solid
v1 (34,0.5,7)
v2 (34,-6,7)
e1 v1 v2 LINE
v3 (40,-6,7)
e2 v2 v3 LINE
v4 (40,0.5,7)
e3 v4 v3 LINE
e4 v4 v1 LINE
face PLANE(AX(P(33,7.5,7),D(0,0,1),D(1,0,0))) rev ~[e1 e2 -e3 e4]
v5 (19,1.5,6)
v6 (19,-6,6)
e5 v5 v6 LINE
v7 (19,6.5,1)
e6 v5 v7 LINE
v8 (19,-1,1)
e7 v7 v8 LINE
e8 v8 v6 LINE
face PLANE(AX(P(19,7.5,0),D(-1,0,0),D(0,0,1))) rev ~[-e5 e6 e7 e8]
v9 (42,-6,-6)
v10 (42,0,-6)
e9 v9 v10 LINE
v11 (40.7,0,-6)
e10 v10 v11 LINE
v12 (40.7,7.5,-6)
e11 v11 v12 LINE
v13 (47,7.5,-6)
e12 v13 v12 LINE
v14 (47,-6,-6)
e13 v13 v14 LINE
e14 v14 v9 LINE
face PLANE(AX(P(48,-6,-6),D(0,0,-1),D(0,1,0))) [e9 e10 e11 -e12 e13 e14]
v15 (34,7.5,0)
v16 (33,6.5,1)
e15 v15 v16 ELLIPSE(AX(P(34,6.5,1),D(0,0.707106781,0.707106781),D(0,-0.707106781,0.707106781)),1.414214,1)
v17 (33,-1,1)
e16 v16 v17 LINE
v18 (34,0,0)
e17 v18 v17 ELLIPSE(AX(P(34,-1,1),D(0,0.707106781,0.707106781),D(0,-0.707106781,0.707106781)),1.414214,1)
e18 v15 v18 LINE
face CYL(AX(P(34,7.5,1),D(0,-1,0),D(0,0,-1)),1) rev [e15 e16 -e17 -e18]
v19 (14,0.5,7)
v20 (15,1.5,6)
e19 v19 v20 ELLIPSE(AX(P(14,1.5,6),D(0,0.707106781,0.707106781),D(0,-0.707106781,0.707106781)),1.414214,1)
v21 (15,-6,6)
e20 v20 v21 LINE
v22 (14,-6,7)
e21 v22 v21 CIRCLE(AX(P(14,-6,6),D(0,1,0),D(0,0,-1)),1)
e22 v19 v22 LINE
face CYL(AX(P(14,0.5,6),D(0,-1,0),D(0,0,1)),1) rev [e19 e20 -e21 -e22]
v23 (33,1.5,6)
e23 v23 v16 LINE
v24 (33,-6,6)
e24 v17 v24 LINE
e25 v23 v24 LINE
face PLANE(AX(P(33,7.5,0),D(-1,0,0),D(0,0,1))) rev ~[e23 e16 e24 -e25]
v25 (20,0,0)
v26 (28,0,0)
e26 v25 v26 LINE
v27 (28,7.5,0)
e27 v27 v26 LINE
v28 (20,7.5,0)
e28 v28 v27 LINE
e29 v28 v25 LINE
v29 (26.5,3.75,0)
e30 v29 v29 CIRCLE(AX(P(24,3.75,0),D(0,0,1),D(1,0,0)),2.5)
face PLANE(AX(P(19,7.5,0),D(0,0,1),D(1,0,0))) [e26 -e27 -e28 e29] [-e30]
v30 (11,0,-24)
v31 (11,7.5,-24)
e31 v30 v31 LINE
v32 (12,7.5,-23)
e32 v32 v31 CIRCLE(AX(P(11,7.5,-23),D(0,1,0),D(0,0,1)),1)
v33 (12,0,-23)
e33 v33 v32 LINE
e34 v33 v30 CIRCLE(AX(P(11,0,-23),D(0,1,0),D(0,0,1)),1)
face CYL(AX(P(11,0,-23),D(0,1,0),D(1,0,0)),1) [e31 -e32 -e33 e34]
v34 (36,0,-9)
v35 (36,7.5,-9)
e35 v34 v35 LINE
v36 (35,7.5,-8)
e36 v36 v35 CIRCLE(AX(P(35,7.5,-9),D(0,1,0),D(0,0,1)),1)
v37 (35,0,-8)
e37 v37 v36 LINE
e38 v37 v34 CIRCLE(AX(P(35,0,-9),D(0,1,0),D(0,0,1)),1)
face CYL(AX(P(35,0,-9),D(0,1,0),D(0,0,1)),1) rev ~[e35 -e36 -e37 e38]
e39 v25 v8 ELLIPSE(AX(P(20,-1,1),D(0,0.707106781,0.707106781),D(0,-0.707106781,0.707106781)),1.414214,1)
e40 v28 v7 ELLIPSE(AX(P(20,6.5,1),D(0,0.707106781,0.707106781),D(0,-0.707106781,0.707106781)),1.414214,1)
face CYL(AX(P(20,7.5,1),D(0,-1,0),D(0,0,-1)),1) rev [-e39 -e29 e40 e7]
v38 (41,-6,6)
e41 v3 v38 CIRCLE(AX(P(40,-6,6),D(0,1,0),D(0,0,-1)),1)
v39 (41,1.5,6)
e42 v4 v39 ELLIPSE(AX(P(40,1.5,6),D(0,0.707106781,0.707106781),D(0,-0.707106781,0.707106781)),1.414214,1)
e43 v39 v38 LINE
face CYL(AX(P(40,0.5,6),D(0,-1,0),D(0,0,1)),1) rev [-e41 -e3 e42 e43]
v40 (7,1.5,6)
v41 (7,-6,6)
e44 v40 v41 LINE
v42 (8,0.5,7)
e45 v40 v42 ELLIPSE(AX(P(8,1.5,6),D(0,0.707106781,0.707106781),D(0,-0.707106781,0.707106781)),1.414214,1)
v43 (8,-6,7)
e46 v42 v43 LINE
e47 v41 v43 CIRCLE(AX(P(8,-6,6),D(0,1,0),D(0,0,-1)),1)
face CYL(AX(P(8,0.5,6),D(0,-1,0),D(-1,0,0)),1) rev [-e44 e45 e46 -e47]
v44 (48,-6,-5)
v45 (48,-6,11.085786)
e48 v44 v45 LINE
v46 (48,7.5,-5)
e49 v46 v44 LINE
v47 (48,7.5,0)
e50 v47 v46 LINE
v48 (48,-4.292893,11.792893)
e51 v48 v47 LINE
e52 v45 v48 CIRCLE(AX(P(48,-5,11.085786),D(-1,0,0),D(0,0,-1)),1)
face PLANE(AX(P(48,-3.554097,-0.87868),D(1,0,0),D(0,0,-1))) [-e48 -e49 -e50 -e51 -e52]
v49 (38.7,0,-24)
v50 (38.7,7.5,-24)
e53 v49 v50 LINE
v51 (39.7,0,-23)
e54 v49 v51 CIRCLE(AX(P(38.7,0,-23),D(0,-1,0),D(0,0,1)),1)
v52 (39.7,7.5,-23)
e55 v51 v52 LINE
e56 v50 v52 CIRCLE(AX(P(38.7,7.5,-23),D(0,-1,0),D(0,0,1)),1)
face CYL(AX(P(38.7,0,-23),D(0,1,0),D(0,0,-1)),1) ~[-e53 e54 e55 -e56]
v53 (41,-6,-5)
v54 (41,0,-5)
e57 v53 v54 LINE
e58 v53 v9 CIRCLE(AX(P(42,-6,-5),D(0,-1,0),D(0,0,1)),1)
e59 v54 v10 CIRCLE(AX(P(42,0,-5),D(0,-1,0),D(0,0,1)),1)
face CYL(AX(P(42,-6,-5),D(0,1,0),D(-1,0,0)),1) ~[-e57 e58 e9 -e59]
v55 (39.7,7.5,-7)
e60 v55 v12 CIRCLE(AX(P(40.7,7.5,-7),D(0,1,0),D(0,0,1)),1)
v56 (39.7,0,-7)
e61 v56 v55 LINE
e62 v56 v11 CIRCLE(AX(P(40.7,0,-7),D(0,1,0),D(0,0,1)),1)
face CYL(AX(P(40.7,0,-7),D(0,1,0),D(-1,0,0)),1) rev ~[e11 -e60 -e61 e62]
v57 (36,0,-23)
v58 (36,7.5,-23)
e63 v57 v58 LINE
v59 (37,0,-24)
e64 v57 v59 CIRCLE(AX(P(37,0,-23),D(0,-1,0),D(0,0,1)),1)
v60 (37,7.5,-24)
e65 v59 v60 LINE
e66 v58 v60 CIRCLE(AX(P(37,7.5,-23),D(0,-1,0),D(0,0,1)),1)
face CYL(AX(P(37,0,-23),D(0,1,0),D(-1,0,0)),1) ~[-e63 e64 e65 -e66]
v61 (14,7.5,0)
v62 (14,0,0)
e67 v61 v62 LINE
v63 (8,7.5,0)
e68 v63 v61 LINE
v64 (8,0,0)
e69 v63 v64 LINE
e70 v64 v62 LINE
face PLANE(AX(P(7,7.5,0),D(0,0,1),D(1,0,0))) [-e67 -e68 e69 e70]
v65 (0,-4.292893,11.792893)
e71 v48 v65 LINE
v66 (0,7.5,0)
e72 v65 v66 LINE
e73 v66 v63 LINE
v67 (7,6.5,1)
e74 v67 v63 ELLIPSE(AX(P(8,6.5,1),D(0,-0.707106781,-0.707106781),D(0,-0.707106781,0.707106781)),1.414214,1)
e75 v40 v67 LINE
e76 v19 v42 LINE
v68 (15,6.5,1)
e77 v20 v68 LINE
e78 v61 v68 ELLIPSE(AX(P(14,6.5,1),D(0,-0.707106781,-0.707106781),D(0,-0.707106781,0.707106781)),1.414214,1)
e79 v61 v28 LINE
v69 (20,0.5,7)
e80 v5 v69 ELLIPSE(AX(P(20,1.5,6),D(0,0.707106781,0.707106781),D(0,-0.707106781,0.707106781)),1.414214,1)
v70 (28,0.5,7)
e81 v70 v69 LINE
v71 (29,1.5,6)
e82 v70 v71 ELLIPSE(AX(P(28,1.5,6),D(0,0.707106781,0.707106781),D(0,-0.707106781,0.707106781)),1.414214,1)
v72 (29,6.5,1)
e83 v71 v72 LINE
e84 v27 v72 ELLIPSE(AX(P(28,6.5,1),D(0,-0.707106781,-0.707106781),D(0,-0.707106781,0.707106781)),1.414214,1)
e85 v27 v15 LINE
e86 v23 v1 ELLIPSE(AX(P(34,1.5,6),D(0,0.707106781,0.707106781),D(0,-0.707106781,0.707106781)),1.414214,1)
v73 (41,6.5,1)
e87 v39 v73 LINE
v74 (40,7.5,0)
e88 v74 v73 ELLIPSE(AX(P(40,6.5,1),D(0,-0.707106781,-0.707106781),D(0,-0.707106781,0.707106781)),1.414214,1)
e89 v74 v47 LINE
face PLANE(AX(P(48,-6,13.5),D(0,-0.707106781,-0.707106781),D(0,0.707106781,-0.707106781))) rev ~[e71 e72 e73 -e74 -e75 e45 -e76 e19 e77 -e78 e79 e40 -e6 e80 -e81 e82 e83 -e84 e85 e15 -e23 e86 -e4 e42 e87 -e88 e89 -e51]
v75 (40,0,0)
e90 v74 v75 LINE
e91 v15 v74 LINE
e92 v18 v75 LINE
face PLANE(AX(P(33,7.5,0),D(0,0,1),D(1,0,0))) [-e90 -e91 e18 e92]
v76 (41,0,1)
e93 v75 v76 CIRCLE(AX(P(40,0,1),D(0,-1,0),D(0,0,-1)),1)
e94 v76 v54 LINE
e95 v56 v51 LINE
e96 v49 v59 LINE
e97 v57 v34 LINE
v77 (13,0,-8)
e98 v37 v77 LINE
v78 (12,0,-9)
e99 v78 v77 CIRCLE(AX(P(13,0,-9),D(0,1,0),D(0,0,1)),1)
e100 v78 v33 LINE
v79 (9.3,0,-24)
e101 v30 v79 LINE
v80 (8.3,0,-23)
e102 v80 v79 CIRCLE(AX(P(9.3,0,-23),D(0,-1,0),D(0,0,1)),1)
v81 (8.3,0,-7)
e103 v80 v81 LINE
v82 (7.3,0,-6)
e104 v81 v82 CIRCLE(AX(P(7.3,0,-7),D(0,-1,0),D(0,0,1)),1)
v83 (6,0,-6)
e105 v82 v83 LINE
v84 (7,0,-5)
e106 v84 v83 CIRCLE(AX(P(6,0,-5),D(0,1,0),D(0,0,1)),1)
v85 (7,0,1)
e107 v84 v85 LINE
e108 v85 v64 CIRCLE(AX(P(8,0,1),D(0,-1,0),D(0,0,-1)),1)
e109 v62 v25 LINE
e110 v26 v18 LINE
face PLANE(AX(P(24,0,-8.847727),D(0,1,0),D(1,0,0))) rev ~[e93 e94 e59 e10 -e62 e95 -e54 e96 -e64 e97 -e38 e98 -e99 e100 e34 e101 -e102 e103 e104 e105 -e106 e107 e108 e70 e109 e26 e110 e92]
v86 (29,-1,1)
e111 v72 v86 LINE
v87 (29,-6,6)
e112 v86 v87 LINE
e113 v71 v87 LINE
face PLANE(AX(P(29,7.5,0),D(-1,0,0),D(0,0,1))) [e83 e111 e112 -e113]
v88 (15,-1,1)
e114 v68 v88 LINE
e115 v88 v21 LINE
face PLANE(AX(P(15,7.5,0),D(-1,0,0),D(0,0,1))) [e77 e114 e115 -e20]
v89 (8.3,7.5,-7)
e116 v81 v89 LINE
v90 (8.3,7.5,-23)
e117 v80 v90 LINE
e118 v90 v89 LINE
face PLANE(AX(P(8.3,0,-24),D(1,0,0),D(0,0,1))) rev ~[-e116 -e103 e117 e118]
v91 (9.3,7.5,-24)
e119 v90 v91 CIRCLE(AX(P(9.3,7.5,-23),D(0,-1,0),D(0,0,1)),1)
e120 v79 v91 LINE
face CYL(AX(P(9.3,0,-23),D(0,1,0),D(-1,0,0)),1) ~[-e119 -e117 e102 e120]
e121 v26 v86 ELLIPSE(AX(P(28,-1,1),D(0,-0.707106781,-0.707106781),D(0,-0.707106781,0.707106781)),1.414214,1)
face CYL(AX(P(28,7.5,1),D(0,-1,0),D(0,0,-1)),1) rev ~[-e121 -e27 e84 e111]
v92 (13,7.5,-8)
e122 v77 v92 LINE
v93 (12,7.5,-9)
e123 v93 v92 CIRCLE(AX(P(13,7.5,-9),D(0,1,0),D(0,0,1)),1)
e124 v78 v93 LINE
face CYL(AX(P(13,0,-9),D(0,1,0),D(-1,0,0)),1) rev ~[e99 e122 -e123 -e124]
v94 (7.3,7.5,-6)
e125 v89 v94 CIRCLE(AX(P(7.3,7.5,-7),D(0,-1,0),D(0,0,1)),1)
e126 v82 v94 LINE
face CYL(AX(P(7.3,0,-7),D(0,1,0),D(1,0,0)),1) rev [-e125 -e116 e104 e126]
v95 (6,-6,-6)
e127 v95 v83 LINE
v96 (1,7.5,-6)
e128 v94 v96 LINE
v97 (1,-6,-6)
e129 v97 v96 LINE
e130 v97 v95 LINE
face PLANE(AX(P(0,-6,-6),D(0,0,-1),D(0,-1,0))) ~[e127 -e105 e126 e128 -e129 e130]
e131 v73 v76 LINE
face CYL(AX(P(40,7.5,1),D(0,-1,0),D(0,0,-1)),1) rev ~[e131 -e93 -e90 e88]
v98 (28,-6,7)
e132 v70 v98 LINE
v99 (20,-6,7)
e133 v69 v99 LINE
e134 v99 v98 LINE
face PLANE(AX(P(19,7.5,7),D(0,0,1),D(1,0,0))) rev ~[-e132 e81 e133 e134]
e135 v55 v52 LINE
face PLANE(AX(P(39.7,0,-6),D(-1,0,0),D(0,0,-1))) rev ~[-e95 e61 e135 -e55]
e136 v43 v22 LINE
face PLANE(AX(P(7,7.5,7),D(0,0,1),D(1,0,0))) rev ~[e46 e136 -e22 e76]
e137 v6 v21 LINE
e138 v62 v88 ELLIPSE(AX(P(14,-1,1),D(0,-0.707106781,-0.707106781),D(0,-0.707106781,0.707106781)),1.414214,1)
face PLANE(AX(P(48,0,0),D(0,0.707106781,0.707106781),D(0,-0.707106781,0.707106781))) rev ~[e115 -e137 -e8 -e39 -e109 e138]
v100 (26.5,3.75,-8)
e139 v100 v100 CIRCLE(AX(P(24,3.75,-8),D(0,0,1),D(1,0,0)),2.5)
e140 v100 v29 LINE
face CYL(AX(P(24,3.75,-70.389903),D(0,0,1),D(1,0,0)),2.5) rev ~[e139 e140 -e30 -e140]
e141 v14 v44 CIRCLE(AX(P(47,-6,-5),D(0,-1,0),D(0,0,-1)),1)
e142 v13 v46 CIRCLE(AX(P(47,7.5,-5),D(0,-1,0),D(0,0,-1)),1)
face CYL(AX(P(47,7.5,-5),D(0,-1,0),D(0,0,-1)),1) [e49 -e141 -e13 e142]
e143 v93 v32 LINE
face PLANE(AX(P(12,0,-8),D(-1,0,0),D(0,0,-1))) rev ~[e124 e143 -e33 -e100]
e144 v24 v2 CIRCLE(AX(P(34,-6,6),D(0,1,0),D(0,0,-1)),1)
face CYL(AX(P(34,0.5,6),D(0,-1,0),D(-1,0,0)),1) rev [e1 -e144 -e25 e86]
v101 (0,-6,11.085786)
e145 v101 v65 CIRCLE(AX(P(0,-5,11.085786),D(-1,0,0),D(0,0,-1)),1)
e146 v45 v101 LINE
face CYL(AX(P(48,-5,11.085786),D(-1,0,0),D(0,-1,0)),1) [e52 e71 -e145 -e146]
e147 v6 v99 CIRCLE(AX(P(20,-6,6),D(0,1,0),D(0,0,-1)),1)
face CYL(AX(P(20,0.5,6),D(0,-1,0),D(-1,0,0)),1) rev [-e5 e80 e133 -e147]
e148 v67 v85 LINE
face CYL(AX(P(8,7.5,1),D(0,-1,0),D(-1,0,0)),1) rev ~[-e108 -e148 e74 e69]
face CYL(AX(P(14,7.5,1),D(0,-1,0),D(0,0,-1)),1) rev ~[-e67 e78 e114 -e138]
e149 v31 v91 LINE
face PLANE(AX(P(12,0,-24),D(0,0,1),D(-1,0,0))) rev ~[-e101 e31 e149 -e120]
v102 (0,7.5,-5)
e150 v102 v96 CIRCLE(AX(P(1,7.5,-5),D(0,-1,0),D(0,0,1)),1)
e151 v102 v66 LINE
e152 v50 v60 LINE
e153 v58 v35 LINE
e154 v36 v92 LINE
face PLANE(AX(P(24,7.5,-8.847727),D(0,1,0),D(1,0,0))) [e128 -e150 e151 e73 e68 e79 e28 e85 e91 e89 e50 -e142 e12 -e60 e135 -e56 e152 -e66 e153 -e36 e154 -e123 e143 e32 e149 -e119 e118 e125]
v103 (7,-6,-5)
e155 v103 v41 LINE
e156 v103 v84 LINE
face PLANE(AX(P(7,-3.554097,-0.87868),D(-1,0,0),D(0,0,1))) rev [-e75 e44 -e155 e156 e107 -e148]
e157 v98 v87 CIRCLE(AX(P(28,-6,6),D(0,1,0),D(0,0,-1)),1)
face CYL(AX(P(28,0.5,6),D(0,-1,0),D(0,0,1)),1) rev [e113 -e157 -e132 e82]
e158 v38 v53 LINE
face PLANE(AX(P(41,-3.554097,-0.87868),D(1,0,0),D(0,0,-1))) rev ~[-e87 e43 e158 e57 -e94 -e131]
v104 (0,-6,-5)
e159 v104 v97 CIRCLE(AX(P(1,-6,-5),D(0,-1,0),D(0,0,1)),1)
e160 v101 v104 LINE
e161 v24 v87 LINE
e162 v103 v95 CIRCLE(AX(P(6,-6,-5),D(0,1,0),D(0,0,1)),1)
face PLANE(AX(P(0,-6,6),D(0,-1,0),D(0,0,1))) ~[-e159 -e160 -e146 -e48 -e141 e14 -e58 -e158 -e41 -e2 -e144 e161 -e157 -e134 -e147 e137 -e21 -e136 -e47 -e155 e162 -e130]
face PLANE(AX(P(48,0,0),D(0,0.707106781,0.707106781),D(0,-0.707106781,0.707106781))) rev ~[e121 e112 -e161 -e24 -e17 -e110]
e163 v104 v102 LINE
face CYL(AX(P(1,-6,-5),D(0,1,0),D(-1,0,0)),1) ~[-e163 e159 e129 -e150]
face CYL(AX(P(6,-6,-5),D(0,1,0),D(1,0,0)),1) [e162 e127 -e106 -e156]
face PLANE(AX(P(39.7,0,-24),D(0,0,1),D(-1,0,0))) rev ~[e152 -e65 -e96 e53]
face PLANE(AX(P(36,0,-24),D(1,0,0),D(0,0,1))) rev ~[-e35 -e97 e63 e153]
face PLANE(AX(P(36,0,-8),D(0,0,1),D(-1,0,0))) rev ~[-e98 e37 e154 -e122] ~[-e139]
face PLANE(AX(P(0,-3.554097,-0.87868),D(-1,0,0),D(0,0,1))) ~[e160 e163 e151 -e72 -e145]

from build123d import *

# Parameters (mm, degrees)
BOSS_EXTRUDE2_DEPTH   = 7.5
BOSS_EXTRUDE3_DEPTH   = 48
BOSS_EXTRUDE4_DEPTH   = 7
CUT_EXTRUDE2_START    = -13.5
SKETCH4_W             = 8
SKETCH4_H             = 7
SKETCH4_W_2           = 10
CUT_EXTRUDE2_DEPTH    = 13.5
M6X1_0_TAPPED_HOLE4_D = 5
FILLET1_R             = 1


with BuildPart() as part:
    # Sketch1 → Boss-Extrude2 (new body)
    with BuildSketch(Plane(origin=(0, 0, 0), x_dir=(1, 0, 0), z_dir=(0, 1, 0))):
        Polygon((12, 24), (8.3, 24), (8.3, 6), (0, 6), (0, 0), (48, 0), (48, 6), (39.7, 6), (39.7, 24), (36, 24), (36, 8), (12, 8), align=None)
    extrude(amount=BOSS_EXTRUDE2_DEPTH)

    # Sketch3 → Boss-Extrude3 (add)
    with BuildSketch(Plane(origin=(48, 0, 0), x_dir=(0, 0, -1), z_dir=(1, 0, 0))):
        Polygon((0, 0), (-6, -6), (-13.5, -6), (0, 7.5), align=None)
    extrude(amount=-BOSS_EXTRUDE3_DEPTH)

    # Sketch16 → Boss-Extrude4 (add)
    with BuildSketch(Plane(origin=(48, 0, 0), x_dir=(0, 0, -1), z_dir=(1, 0, 0))):
        Polygon((-6, -6), (6, -6), (6, 0), (0, 0), align=None)
    boss_extrude4 = extrude(amount=-BOSS_EXTRUDE4_DEPTH)

    # Sketch4 → Cut-Extrude2 (cut)
    with BuildSketch(Plane.XZ.offset(6).offset(CUT_EXTRUDE2_START)):
        with Locations((11, 3.5)):
            Rectangle(SKETCH4_W, SKETCH4_H)
        with Locations((37, 3.5)):
            Rectangle(SKETCH4_W, SKETCH4_H)
        with Locations((24, 3.5)):
            Rectangle(SKETCH4_W_2, SKETCH4_H)
    extrude(amount=CUT_EXTRUDE2_DEPTH, mode=Mode.SUBTRACT)

    # M6x1.0 Tapped Hole4 (through all)
    with Locations(Plane(origin=(0, 0, -8), x_dir=(-1, 0, 0), z_dir=(0, 0, -1))):
        with Locations((-24, 3.75)):
            Hole(M6X1_0_TAPPED_HOLE4_D / 2)

    # Mirror1: Boss-Extrude4 across plane
    add(boss_extrude4.mirror(Plane.ZY.offset(-24)))

    # Fillet1
    fillet1_edges = [part.edges().sort_by_distance(p)[0] for p in [
        (29, 3.75, 0),
        (29, -2.75, 7),
        (19, -2.75, 7),
        (19, 3.75, 0),
        (7, -3, -6),
        (39.7, 3.75, -24),
        (39.7, 3.75, -6),
        (48, 0.75, -6),
        (0, 0.75, -6),
        (8.3, 3.75, -6),
        (8.3, 3.75, -24),
        (12, 3.75, -24),
        (12, 3.75, -8),
        (36, 3.75, -8),
        (36, 3.75, -24),
        (24, -6, 13.5),
        (41, -3, -6),
        (15, 3.75, 0),
        (15, -2.75, 7),
        (7, -2.75, 7),
        (7, 3.75, 0),
        (33, -2.75, 7),
        (33, 3.75, 0),
        (41, 3.75, 0),
        (41, -2.75, 7),
    ]]
    fillet(fillet1_edges, radius=FILLET1_R)


solid = part.part
